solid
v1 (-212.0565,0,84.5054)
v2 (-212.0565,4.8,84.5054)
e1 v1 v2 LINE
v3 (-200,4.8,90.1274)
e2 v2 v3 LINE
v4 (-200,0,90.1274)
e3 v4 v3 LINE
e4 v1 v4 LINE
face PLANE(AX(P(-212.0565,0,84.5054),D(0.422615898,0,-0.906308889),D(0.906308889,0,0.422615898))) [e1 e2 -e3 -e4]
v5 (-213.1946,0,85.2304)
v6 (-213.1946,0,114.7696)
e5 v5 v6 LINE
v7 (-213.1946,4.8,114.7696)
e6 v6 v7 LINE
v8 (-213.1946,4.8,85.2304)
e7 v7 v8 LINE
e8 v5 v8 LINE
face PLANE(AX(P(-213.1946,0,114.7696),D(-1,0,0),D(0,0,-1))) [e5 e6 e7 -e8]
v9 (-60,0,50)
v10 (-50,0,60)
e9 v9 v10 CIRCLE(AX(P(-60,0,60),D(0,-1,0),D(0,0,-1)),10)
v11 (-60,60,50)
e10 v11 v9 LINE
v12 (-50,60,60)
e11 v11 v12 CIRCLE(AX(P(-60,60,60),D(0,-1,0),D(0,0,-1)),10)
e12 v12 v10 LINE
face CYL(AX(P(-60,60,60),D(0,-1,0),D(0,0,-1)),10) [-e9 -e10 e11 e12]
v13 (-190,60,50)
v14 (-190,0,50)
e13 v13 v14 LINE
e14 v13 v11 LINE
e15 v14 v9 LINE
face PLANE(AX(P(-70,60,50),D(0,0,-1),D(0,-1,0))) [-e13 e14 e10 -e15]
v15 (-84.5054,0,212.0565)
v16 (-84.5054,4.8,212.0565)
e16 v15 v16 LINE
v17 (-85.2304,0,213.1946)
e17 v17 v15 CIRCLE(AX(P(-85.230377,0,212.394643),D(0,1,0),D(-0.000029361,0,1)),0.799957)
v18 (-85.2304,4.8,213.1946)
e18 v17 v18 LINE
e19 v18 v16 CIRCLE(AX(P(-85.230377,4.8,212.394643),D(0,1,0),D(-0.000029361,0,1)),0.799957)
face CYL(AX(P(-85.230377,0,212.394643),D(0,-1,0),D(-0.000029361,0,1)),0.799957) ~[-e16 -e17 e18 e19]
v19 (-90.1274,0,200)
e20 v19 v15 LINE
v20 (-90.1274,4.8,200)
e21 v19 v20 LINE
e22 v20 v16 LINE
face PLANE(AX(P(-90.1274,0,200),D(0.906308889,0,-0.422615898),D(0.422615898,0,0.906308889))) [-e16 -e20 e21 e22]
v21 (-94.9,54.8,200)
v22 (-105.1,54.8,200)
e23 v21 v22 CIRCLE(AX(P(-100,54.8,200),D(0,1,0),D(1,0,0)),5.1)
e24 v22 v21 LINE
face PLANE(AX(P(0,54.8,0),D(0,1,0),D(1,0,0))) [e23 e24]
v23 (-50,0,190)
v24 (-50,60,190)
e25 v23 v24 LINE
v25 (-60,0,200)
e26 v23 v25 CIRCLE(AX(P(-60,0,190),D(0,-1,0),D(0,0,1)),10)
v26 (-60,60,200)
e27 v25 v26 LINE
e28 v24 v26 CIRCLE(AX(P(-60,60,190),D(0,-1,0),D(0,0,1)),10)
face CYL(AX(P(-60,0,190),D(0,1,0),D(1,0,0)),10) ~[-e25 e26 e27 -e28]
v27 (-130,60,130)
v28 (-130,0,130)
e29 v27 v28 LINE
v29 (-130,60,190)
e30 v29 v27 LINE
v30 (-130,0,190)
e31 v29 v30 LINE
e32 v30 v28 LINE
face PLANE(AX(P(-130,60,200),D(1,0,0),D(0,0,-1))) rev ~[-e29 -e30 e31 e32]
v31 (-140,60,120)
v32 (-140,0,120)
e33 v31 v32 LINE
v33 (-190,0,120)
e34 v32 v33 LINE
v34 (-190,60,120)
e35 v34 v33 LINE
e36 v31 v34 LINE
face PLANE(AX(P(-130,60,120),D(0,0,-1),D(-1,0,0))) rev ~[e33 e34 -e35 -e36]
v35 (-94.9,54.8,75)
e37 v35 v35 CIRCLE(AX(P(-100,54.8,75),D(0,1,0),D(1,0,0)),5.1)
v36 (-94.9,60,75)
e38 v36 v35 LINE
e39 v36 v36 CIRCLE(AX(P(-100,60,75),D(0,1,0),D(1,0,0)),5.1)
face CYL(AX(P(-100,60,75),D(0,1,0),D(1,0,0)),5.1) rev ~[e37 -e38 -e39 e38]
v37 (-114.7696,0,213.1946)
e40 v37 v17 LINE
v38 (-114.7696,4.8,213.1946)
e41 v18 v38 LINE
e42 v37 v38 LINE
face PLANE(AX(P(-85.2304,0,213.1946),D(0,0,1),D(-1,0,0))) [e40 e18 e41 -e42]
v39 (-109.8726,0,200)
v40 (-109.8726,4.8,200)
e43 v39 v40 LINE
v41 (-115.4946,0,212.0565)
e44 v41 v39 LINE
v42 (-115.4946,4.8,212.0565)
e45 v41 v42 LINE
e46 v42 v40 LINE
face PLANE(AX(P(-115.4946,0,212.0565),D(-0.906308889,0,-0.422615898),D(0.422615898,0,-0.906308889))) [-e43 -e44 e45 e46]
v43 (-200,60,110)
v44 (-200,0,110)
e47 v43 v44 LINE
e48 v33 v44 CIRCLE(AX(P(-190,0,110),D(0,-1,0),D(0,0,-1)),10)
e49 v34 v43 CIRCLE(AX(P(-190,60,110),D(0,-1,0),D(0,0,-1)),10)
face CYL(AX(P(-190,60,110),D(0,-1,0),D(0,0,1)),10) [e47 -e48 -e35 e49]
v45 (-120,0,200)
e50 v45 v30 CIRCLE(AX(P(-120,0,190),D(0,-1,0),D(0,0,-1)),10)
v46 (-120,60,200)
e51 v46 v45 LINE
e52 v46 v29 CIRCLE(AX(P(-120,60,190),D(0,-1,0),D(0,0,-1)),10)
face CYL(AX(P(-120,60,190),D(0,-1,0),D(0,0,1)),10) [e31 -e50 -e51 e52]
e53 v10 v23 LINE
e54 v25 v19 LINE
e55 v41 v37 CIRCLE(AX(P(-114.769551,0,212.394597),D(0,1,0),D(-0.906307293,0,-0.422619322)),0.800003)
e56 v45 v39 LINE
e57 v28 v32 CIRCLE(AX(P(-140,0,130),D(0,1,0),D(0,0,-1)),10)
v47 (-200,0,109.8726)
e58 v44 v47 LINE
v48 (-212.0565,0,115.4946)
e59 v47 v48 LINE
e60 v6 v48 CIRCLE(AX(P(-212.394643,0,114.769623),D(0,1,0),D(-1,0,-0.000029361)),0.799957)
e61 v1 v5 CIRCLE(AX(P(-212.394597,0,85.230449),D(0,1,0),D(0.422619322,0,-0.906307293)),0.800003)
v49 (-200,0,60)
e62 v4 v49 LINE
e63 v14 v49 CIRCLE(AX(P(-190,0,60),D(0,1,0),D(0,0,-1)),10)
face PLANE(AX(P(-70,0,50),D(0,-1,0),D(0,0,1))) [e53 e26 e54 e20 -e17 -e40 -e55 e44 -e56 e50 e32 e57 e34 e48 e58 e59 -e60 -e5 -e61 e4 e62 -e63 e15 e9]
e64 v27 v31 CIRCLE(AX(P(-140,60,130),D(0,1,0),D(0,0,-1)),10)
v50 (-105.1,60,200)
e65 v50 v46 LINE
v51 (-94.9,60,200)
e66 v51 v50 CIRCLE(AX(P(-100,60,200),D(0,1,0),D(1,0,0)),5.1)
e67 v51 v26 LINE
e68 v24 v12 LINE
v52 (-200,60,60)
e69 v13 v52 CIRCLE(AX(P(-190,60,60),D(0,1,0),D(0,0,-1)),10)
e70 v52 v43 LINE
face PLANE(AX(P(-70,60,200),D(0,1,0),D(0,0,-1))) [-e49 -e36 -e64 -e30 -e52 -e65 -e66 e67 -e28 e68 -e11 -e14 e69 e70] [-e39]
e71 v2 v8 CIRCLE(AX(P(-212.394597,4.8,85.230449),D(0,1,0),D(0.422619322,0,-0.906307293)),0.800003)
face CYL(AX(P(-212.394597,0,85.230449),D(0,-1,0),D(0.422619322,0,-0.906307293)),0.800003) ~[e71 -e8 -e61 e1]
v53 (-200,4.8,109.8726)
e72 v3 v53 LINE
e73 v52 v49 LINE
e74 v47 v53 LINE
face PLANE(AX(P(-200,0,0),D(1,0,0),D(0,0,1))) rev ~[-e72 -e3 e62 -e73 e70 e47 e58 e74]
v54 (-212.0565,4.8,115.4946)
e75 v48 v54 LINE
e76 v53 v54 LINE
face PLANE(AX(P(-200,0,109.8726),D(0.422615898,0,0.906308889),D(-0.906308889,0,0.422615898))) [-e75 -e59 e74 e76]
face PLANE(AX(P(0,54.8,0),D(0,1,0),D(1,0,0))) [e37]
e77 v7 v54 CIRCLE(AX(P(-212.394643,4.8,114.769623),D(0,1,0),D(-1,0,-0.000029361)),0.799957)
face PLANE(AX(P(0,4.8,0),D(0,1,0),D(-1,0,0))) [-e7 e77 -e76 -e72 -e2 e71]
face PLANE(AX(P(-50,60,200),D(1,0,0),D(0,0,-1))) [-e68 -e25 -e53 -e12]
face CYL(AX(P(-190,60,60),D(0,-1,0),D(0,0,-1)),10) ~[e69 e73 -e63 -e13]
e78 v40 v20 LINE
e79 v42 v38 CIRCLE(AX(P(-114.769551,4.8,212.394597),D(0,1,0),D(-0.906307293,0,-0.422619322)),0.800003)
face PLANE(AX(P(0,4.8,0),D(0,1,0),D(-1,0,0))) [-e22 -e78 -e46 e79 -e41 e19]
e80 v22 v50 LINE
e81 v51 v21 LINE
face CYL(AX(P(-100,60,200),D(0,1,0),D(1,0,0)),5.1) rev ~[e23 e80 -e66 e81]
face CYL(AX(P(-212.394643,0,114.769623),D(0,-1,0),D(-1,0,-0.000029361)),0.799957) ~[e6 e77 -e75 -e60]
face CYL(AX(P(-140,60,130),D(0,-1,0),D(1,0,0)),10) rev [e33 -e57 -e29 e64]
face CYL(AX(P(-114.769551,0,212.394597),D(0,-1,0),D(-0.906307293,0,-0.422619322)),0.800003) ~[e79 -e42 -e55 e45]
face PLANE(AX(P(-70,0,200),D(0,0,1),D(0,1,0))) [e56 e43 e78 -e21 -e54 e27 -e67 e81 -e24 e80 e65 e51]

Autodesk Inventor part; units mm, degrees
ref_plane "YZ Plane" through (0, 0, 0) normal (1, 0, 0) x (0, 1, 0)
ref_plane "XZ Plane" through (0, 0, 0) normal (0, 1, 0) x (-1, 0, 0)
ref_plane "XY Plane" through (0, 0, 0) normal (0, 0, 1) x (1, 0, 0)
sketch "Sketch1" plane through (0, 0, 0) normal (0, 1, 0) x (-1, 0, 0)
  line L0 (0, 0) -> (200, 0)
  line L1 (200, 0) -> (200, 200)
  line L2 (200, 200) -> (0, 200)
  line L3 (0, 200) -> (0, 0)
  line L4 (110, 199.8) -> (110, 213.2303) construction
  line L5 (100, 213.1946) -> (114.7696, 213.1946)
  arc A0 (115.4946, 212.0565) -> (114.7696, 213.1946) centre (114.7696, 212.3946) ccw
  line L6 (115.4946, 212.0565) -> (109.8726, 200)
  line L7 (109.8726, 200) -> (90.1274, 200)
  line L8 (90.1274, 200) -> (84.5054, 212.0565)
  arc A1 (85.2304, 213.1946) -> (84.5054, 212.0565) centre (85.2304, 212.3946) ccw
  line L9 (85.2304, 213.1946) -> (100, 213.1946)
  line L10 (200, 89.8726) -> (200, 110.1274)
  line L11 (200, 90.1274) -> (200, 109.8726)
  line L12 (200, 109.8726) -> (212.0565, 115.4946)
  arc A2 (213.1946, 114.7696) -> (212.0565, 115.4946) centre (212.3946, 114.7696) ccw
  line L13 (213.1946, 114.7696) -> (213.1946, 100)
  line L14 (199.8, 90) -> (213.2303, 90) construction
  line L15 (212.0565, 84.5054) -> (200, 90.1274)
  line L16 (213.1946, 100) -> (213.1946, 85.2304)
  arc A3 (212.0565, 84.5054) -> (213.1946, 85.2304) centre (212.3946, 85.2304) ccw
  point P0 (0, 100)
  point P1 (0, 100)
  point P2 (0, 100)
  point P3 (0, 100)
  point P4 (100, 200)
  point P5 (100, 200)
  point P6 (100, 200)
  point P7 (100, 200)
  point P8 (100, 200)
  point P9 (100, 200)
  point P10 (200, 100)
  point P11 (200, 100)
  point P12 (200, 100)
  point P13 (200, 100)
  point P14 (200, 100)
  point P15 (200, 100)
  point P16 (200, 100)
  point P17 (200, 100)
  point P18 (200, 100)
  point P19 (200, 100)
  dimension "d0" = 200
  dimension "d1" = 200
extrude "Extrusion1" add sketch "Sketch1" along normal blind 60 contours L3 L2 L1 L0
extrude "Extrusion3" add sketch "Sketch1" along normal blind 4.8 contours L8 A1 L9 L5 A0 L6 L2 | L1 L12 A2 L13 L16 A3 L15
sketch "Sketch2" plane through (0, 60, 0) normal (0, 1, 0) x (1, 0, 0)
  line L0 (0, 0) -> (-200, 0) projected
  circle A0 centre (-100, -75) radius 5.1
  circle A1 centre (-100, -200) radius 5.1
  dimension "d11" = 10.2
  dimension "d12" = 10.2
extrude "Extrusion4" cut sketch "Sketch2" against normal blind 5.2
sketch "Sketch3" plane through (0, 60, 0) normal (0, 1, 0) x (1, 0, 0)
  line L0 (0, -200) -> (0, 0) projected
  line L1 (-94.9, -200) -> (0, -200) projected
  line L2 (0, 0) -> (-70, 0)
  line L3 (-70, 0) -> (-70, -200)
  line L4 (-70, -200) -> (0, -200)
  line L5 (0, -200) -> (0, 0)
  line L6 (-200, 0) -> (-200, -200) projected
  line L7 (-200, 0) -> (0, 0)
  line L8 (0, 0) -> (0, -50)
  line L9 (0, -50) -> (-200, -50)
  line L10 (-200, -50) -> (-200, 0)
  line L11 (-200, -200) -> (-130, -200)
  line L12 (-130, -200) -> (-130, -120)
  line L13 (-130, -120) -> (-200, -120)
  line L14 (-200, -120) -> (-200, -200)
  point P0 (-70, -50)
  dimension "d17" = 70
  dimension "d18" = 50
  dimension "d19" = 70
  dimension "d20" = 80
extrude "Extrusion6" cut sketch "Sketch3" against normal blind 60
sketch "Sketch4" plane through (-70, 60, 200) normal (1, 0, 0) x (0, 0, -1)
  line L0 (150, -60) -> (109.8726, -60) projected
  line L1 (0, 0) -> (150, 0)
  line L2 (150, 0) -> (150, -60)
  line L3 (150, -60) -> (0, -60)
  line L4 (0, -60) -> (0, 0)
  point P0 (200, -60)
extrude "Extrusion7" add sketch "Sketch4" along normal blind 20
fillet "Fillet2" radius 10 6 edges at (-50, 30, 50) (-200, 30, 50) (-50, 30, 200) (-130, 30, 200) (-130, 30, 120) (-200, 30, 120)
properties part number "Area øv1"
